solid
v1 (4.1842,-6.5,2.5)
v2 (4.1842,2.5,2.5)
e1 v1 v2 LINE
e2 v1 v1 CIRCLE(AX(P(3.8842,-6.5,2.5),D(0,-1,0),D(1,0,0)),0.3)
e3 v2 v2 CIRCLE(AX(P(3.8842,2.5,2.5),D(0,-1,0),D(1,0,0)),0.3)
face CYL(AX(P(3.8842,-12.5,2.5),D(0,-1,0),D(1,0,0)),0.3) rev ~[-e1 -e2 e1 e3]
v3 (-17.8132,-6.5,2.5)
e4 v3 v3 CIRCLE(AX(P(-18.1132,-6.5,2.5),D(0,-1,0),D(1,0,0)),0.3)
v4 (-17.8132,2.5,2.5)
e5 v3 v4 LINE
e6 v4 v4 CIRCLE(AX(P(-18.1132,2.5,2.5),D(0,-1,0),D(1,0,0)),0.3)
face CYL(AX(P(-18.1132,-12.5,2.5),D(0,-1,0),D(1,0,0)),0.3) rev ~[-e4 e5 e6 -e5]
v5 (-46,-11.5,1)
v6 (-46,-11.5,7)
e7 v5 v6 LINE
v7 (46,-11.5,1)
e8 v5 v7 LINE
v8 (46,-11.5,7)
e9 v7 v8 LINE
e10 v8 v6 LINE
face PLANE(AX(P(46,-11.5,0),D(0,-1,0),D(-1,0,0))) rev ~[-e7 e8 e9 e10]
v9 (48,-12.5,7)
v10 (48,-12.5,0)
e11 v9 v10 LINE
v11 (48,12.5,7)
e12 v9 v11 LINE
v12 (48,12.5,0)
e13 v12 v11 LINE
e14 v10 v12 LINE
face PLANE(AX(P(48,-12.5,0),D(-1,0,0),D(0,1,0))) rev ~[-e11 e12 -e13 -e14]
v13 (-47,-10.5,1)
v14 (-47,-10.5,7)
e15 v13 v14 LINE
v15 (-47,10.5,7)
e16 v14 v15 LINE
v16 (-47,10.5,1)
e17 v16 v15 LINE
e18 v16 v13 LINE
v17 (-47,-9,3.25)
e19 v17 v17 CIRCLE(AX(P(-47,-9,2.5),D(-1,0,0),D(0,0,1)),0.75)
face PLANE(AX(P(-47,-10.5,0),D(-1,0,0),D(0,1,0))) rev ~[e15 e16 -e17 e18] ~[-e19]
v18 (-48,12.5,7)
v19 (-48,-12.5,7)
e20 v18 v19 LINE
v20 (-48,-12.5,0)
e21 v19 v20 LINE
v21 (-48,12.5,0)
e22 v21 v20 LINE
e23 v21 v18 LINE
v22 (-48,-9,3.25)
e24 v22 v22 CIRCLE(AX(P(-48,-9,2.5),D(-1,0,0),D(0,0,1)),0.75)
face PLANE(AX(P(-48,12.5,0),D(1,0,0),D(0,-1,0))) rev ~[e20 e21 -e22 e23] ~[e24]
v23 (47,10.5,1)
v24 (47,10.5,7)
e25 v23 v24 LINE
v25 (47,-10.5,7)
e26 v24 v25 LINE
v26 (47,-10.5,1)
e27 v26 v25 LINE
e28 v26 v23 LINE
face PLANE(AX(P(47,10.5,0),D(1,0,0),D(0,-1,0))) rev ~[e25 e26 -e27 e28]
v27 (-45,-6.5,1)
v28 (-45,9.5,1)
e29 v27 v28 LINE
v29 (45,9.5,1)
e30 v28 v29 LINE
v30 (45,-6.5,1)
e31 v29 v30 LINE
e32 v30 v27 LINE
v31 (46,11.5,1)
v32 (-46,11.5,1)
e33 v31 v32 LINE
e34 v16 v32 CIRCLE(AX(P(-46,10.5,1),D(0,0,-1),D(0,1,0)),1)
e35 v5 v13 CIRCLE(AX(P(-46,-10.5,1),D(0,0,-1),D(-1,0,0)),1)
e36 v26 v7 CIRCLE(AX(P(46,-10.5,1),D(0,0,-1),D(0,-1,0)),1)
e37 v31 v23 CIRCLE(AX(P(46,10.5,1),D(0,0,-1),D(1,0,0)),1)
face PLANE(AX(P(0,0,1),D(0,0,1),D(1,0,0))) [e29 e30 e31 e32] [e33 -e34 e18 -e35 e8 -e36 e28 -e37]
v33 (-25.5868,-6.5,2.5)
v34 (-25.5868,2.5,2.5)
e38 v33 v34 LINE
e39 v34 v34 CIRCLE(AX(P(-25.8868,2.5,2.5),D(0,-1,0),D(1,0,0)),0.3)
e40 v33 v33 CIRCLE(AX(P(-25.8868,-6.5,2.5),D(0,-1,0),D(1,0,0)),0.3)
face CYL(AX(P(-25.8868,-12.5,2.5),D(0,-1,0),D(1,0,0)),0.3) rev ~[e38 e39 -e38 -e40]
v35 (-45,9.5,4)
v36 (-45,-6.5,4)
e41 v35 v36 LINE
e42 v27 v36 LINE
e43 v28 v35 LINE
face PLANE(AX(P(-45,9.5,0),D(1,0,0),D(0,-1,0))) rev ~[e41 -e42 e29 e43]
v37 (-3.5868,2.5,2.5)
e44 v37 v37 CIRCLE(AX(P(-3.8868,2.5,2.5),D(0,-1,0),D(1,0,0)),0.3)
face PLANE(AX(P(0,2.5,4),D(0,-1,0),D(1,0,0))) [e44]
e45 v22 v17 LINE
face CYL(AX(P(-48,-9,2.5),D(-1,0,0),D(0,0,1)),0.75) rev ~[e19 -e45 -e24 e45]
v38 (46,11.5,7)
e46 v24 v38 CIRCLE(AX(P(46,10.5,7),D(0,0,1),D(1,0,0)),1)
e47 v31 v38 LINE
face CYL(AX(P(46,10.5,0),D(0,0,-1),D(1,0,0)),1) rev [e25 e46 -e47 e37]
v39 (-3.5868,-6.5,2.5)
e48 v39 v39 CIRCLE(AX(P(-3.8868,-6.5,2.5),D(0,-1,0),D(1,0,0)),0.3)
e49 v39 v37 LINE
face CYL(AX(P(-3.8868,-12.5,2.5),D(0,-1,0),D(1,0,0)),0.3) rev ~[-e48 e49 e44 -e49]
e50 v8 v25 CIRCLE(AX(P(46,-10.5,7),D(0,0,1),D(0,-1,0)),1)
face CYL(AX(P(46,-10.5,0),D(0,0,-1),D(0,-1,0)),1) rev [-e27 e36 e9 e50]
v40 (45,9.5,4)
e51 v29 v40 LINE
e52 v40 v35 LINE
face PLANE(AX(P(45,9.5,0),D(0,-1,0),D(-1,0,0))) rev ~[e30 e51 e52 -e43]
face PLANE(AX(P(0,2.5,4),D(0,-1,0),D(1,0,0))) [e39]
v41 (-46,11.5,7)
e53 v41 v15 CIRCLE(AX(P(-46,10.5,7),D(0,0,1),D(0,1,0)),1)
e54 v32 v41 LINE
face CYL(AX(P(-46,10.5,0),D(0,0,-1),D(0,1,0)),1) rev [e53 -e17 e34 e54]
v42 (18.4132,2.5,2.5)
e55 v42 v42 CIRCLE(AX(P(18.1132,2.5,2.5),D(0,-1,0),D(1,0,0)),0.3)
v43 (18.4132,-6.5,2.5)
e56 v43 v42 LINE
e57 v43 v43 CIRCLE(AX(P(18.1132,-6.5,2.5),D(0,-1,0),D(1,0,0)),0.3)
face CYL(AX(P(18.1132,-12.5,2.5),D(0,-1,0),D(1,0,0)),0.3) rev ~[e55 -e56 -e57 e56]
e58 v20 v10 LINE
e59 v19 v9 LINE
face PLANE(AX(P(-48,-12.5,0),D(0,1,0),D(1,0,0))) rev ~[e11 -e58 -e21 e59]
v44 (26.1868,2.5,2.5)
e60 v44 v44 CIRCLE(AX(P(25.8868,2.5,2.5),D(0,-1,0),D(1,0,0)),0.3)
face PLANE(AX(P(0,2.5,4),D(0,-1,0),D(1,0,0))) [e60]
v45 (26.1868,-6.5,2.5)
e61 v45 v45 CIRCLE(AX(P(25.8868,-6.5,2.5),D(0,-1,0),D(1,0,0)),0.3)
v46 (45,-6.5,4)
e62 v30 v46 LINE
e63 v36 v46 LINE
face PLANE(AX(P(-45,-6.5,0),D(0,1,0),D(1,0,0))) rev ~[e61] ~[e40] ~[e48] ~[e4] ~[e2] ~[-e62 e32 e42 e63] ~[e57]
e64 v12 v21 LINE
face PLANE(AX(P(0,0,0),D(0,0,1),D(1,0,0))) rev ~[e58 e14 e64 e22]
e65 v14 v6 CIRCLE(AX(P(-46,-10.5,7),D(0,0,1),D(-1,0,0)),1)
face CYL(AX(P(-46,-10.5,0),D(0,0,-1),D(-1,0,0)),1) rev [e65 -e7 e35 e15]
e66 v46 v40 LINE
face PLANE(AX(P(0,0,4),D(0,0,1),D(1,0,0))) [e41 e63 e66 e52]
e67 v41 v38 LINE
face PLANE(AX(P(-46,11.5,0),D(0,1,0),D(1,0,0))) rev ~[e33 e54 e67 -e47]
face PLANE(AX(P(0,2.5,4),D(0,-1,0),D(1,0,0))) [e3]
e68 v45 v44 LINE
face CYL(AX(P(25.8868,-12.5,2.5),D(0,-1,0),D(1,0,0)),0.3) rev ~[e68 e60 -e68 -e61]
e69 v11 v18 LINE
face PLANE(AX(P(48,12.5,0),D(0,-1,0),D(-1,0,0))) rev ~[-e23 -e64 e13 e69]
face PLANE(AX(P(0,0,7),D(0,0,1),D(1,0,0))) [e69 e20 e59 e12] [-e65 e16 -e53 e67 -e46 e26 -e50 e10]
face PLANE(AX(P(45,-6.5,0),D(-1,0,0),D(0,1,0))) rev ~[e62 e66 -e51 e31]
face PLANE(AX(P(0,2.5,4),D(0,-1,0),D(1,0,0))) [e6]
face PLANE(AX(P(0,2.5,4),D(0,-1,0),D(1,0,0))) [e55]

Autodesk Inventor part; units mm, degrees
ref_plane "YZ Plane" through (0, 0, 0) normal (1, 0, 0) x (0, 1, 0)
ref_plane "XZ Plane" through (0, 0, 0) normal (0, 1, 0) x (-1, 0, 0)
ref_plane "XY Plane" through (0, 0, 0) normal (0, 0, 1) x (1, 0, 0)
sketch "Sketch2" plane through (0, 0, 0) normal (0, 0, 1) x (1, 0, 0)
  line L0 (-46, 11.5) -> (46, 11.5)
  line L1 (47, 10.5) -> (47, -10.5)
  line L2 (46, -11.5) -> (-46, -11.5)
  line L3 (-47, -10.5) -> (-47, 10.5)
  line L4 (-47, 11.5) -> (47, -11.5) construction
  line L5 (47, 11.5) -> (-47, -11.5) construction
  line L6 (48, 12.5) -> (-48, 12.5)
  line L7 (-48, 12.5) -> (-48, -12.5)
  line L8 (-48, -12.5) -> (48, -12.5)
  line L9 (48, -12.5) -> (48, 12.5)
  arc A0 (47, 10.5) -> (46, 11.5) centre (46, 10.5) ccw
  arc A1 (46, -11.5) -> (47, -10.5) centre (46, -10.5) ccw
  arc A2 (-47, -10.5) -> (-46, -11.5) centre (-46, -10.5) ccw
  arc A3 (-46, 11.5) -> (-47, 10.5) centre (-46, 10.5) ccw
  line L10 (-45, -6.5) -> (45, -6.5)
  line L11 (45, -6.5) -> (45, 9.5)
  line L12 (45, 9.5) -> (-45, 9.5)
  line L13 (-45, 9.5) -> (-45, -6.5)
  point P0 (0, 0)
  point P1 (0, 1.6851)
  dimension "d0" = 94
  dimension "d1" = 23
  dimension "d3" = 1
  dimension "d10" = 1
  dimension "d84" = 90
  dimension "d85" = 16
  dimension "d86" = 2
  dimension "d87" = 2
  dimension "d95" = 2
extrude "Extrusion1" add sketch "Sketch2" along normal blind 1 contours L0 A0 L1 A1 L2 A2 L3 A3 | L9 L8 L7 L6 | L13 L12 L11 L10
extrude "Extrusion2" add sketch "Sketch2" along normal blind 7 contours L9 L8 L7 L6
extrude "Extrusion3" add sketch "Sketch2" along normal blind 4 contours L13 L12 L11 L10
sketch "Sketch4" plane through (-48, -12.5, 0) normal (0, -1, 0) x (1, 0, 0)
  circle A0 centre (22.1132, 5) radius 0.5
  circle A1 centre (29.8868, 5) radius 0.5
  circle A2 centre (44.1132, 5) radius 0.5
  circle A3 centre (51.8842, 5) radius 0.5
  circle A4 centre (66.1132, 5) radius 0.5
  circle A5 centre (73.8868, 5) radius 0.5
  line L0 (0, 6) -> (96, 6)
  line L1 (96, 7) -> (0, 7) projected
  line L2 (22.1132, 2) -> (22.1132, 2)
  line L3 (22.6132, 2.5) -> (22.6132, 8)
  line L4 (22.6132, 8) -> (21.6132, 8)
  line L5 (21.6132, 8) -> (21.6132, 2.5)
  line L6 (21.6132, 2) -> (22.6132, 8) construction
  line L7 (22.6132, 2) -> (21.6132, 8) construction
  line L8 (29.8868, 2) -> (29.8868, 2)
  line L9 (30.3868, 2.5) -> (30.3868, 8)
  line L10 (30.3868, 8) -> (29.3868, 8)
  line L11 (29.3868, 8) -> (29.3868, 2.5)
  line L12 (29.3868, 2) -> (30.3868, 8) construction
  line L13 (30.3868, 2) -> (29.3868, 8) construction
  line L14 (44.1132, 2) -> (44.1132, 2)
  line L15 (44.6132, 2.5) -> (44.6132, 8)
  line L16 (44.6132, 8) -> (43.6132, 8)
  line L17 (43.6132, 8) -> (43.6132, 2.5)
  line L18 (43.6132, 2) -> (44.6132, 8) construction
  line L19 (44.6132, 2) -> (43.6132, 8) construction
  line L20 (51.8842, 2) -> (51.8842, 2)
  line L21 (52.3842, 2.5) -> (52.3842, 8)
  line L22 (52.3842, 8) -> (51.3842, 8)
  line L23 (51.3842, 8) -> (51.3842, 2.5)
  line L24 (51.3842, 2) -> (52.3842, 8) construction
  line L25 (52.3842, 2) -> (51.3842, 8) construction
  line L26 (66.1132, 2) -> (66.1132, 2)
  line L27 (65.6132, 2.5) -> (65.6132, 8)
  line L28 (65.6132, 8) -> (66.6132, 8)
  line L29 (66.6132, 8) -> (66.6132, 2.5)
  line L30 (66.6132, 2) -> (65.6132, 8) construction
  line L31 (65.6132, 2) -> (66.6132, 8) construction
  line L32 (73.8868, 2) -> (73.8868, 2)
  line L33 (73.3868, 2.5) -> (73.3868, 8)
  line L34 (73.3868, 8) -> (74.3868, 8)
  line L35 (74.3868, 8) -> (74.3868, 2.5)
  line L36 (74.3868, 2) -> (73.3868, 8) construction
  line L37 (73.3868, 2) -> (74.3868, 8) construction
  arc A6 (21.6132, 2.5) -> (22.1132, 2) centre (22.1132, 2.5) ccw
  arc A7 (22.1132, 2) -> (22.6132, 2.5) centre (22.1132, 2.5) ccw
  arc A8 (29.3868, 2.5) -> (29.8868, 2) centre (29.8868, 2.5) ccw
  arc A9 (29.8868, 2) -> (30.3868, 2.5) centre (29.8868, 2.5) ccw
  arc A10 (43.6132, 2.5) -> (44.1132, 2) centre (44.1132, 2.5) ccw
  arc A11 (44.1132, 2) -> (44.6132, 2.5) centre (44.1132, 2.5) ccw
  arc A12 (51.3842, 2.5) -> (51.8842, 2) centre (51.8842, 2.5) ccw
  arc A13 (51.8842, 2) -> (52.3842, 2.5) centre (51.8842, 2.5) ccw
  arc A14 (65.6132, 2.5) -> (66.1132, 2) centre (66.1132, 2.5) ccw
  arc A15 (66.1132, 2) -> (66.6132, 2.5) centre (66.1132, 2.5) ccw
  arc A16 (73.3868, 2.5) -> (73.8868, 2) centre (73.8868, 2.5) ccw
  arc A17 (73.8868, 2) -> (74.3868, 2.5) centre (73.8868, 2.5) ccw
  point P0 (96, 0)
  point P1 (69, 6)
  point P2 (71, 6)
  point P3 (49, 6)
  point P4 (47, 6)
  point P5 (27, 6)
  point P6 (25, 6)
  point P7 (73.8868, 2)
  point P8 (66.1132, 2)
  point P9 (51.8842, 2)
  point P10 (44.1132, 2)
  point P11 (29.8868, 2)
  point P12 (22.1132, 2)
  dimension "d59" = 1
  dimension "d60" = 1
  dimension "d61" = 1
  dimension "d62" = 1
  dimension "d63" = 1
  dimension "d64" = 1
  dimension "d65" = 1
  dimension "d66" = 6
  dimension "d67" = 1
  dimension "d68" = 6
  dimension "d69" = 1
  dimension "d70" = 6
  dimension "d71" = 1
  dimension "d72" = 6
  dimension "d73" = 1
  dimension "d74" = 6
  dimension "d75" = 1
  dimension "d76" = 6
  dimension "d81" = 0.5
sketch "Sketch3" plane through (0, -12.5, 4) normal (0, -1, 0) x (1, 0, 0)
  line L0 (-53.1158, -2.5) -> (46.8842, -2.5) construction
  line L1 (43, -1.5) -> (23, -1.5) construction
  line L2 (23, -1.5) -> (23, 3.5) construction
  line L3 (23, 3.5) -> (43, 3.5) construction
  line L4 (43, 3.5) -> (43, -1.5) construction
  line L5 (23, -1.5) -> (23, 3.7137) construction
  line L6 (43, -1.5) -> (40.1132, 3.5) construction
  line L7 (46.8842, -2.5) -> (46.8842, 3.2735) construction
  line L8 (23, -1.5) -> (25.8868, 3.5) construction
  line L9 (23, -1.5) -> (23, 3.1279) construction
  line L10 (21, -1.5) -> (18.1132, 3.5) construction
  line L11 (1, 3.5) -> (21, 3.5) construction
  line L12 (1, -1.5) -> (3.8868, 3.5) construction
  line L13 (-1, -1.5) -> (-3.8868, 3.5) construction
  line L14 (-21, 3.5) -> (-1, 3.5) construction
  line L15 (-21, -1.5) -> (-18.1132, 3.5) construction
  line L16 (-23, -1.5) -> (-25.8868, 3.5) construction
  line L17 (-43, 3.5) -> (-23, 3.5) construction
  line L18 (-43, -1.5) -> (-40.1132, 3.5) construction
  line L19 (43, 3.5) -> (-43, 3.5) construction
  line L20 (0, 3.5) -> (0, 3.5) construction
  circle A0 centre (-25.8868, -1.5) radius 0.3
  circle A1 centre (-18.1132, -1.5) radius 0.3
  circle A2 centre (-3.8868, -1.5) radius 0.3
  circle A3 centre (3.8842, -1.5) radius 0.3
  circle A4 centre (18.1132, -1.5) radius 0.3
  circle A5 centre (25.8868, -1.5) radius 0.3
  line L21 (-45, 0) -> (-45, 0) projected
  line L22 (45, 0) -> (45, 0) projected
  line L23 (-48, -4) -> (-48, -4) projected
  line L24 (-48, -1.5) -> (48, -1.5)
  line L25 (48, -4) -> (48, -4) projected
  line L26 (48, -4) -> (48, 3) projected
  point P0 (3.8842, 2.5)
  point P1 (25.8868, -1.5)
  point P2 (48, -0.5)
  dimension "d45" = 20
  dimension "d46" = 5
  dimension "d47" = 30
  dimension "d48" = 30
  dimension "d49" = 22
  dimension "d52" = 0
  dimension "d53" = 0.6
  dimension "d54" = 0.6
  dimension "d55" = 0.6
  dimension "d56" = 0.6
  dimension "d57" = 0.6
  dimension "d58" = 0.6
  dimension "d82" = 1
extrude "Extrusion4" [suppressed]
extrude "Extrusion5" cut sketch "Sketch3" against normal blind 15
sketch "Sketch5" plane through (-48, -12.5, 0) normal (-1, 0, 0) x (0, 0, 1)
  line L0 (7, 1) -> (1, 1)
  line L1 (1, 1) -> (1, 6)
  line L2 (1, 6) -> (7, 6)
  line L3 (7, 6) -> (7, 1)
  circle A0 centre (2.5, 3.5) radius 0.75
  point P0 (0, 12.5)
  dimension "d88" = 1.5
  dimension "d89" = 1.5
  dimension "d90" = 2.5
extrude "Extrusion6" cut sketch "Sketch5" against normal blind 2 contours A0
extrude "Extrusion7" add sketch "Sketch3" against normal blind 1
properties part number "sdm_finger_eit_chamber_mould_horizontal_e_holes_v2"
